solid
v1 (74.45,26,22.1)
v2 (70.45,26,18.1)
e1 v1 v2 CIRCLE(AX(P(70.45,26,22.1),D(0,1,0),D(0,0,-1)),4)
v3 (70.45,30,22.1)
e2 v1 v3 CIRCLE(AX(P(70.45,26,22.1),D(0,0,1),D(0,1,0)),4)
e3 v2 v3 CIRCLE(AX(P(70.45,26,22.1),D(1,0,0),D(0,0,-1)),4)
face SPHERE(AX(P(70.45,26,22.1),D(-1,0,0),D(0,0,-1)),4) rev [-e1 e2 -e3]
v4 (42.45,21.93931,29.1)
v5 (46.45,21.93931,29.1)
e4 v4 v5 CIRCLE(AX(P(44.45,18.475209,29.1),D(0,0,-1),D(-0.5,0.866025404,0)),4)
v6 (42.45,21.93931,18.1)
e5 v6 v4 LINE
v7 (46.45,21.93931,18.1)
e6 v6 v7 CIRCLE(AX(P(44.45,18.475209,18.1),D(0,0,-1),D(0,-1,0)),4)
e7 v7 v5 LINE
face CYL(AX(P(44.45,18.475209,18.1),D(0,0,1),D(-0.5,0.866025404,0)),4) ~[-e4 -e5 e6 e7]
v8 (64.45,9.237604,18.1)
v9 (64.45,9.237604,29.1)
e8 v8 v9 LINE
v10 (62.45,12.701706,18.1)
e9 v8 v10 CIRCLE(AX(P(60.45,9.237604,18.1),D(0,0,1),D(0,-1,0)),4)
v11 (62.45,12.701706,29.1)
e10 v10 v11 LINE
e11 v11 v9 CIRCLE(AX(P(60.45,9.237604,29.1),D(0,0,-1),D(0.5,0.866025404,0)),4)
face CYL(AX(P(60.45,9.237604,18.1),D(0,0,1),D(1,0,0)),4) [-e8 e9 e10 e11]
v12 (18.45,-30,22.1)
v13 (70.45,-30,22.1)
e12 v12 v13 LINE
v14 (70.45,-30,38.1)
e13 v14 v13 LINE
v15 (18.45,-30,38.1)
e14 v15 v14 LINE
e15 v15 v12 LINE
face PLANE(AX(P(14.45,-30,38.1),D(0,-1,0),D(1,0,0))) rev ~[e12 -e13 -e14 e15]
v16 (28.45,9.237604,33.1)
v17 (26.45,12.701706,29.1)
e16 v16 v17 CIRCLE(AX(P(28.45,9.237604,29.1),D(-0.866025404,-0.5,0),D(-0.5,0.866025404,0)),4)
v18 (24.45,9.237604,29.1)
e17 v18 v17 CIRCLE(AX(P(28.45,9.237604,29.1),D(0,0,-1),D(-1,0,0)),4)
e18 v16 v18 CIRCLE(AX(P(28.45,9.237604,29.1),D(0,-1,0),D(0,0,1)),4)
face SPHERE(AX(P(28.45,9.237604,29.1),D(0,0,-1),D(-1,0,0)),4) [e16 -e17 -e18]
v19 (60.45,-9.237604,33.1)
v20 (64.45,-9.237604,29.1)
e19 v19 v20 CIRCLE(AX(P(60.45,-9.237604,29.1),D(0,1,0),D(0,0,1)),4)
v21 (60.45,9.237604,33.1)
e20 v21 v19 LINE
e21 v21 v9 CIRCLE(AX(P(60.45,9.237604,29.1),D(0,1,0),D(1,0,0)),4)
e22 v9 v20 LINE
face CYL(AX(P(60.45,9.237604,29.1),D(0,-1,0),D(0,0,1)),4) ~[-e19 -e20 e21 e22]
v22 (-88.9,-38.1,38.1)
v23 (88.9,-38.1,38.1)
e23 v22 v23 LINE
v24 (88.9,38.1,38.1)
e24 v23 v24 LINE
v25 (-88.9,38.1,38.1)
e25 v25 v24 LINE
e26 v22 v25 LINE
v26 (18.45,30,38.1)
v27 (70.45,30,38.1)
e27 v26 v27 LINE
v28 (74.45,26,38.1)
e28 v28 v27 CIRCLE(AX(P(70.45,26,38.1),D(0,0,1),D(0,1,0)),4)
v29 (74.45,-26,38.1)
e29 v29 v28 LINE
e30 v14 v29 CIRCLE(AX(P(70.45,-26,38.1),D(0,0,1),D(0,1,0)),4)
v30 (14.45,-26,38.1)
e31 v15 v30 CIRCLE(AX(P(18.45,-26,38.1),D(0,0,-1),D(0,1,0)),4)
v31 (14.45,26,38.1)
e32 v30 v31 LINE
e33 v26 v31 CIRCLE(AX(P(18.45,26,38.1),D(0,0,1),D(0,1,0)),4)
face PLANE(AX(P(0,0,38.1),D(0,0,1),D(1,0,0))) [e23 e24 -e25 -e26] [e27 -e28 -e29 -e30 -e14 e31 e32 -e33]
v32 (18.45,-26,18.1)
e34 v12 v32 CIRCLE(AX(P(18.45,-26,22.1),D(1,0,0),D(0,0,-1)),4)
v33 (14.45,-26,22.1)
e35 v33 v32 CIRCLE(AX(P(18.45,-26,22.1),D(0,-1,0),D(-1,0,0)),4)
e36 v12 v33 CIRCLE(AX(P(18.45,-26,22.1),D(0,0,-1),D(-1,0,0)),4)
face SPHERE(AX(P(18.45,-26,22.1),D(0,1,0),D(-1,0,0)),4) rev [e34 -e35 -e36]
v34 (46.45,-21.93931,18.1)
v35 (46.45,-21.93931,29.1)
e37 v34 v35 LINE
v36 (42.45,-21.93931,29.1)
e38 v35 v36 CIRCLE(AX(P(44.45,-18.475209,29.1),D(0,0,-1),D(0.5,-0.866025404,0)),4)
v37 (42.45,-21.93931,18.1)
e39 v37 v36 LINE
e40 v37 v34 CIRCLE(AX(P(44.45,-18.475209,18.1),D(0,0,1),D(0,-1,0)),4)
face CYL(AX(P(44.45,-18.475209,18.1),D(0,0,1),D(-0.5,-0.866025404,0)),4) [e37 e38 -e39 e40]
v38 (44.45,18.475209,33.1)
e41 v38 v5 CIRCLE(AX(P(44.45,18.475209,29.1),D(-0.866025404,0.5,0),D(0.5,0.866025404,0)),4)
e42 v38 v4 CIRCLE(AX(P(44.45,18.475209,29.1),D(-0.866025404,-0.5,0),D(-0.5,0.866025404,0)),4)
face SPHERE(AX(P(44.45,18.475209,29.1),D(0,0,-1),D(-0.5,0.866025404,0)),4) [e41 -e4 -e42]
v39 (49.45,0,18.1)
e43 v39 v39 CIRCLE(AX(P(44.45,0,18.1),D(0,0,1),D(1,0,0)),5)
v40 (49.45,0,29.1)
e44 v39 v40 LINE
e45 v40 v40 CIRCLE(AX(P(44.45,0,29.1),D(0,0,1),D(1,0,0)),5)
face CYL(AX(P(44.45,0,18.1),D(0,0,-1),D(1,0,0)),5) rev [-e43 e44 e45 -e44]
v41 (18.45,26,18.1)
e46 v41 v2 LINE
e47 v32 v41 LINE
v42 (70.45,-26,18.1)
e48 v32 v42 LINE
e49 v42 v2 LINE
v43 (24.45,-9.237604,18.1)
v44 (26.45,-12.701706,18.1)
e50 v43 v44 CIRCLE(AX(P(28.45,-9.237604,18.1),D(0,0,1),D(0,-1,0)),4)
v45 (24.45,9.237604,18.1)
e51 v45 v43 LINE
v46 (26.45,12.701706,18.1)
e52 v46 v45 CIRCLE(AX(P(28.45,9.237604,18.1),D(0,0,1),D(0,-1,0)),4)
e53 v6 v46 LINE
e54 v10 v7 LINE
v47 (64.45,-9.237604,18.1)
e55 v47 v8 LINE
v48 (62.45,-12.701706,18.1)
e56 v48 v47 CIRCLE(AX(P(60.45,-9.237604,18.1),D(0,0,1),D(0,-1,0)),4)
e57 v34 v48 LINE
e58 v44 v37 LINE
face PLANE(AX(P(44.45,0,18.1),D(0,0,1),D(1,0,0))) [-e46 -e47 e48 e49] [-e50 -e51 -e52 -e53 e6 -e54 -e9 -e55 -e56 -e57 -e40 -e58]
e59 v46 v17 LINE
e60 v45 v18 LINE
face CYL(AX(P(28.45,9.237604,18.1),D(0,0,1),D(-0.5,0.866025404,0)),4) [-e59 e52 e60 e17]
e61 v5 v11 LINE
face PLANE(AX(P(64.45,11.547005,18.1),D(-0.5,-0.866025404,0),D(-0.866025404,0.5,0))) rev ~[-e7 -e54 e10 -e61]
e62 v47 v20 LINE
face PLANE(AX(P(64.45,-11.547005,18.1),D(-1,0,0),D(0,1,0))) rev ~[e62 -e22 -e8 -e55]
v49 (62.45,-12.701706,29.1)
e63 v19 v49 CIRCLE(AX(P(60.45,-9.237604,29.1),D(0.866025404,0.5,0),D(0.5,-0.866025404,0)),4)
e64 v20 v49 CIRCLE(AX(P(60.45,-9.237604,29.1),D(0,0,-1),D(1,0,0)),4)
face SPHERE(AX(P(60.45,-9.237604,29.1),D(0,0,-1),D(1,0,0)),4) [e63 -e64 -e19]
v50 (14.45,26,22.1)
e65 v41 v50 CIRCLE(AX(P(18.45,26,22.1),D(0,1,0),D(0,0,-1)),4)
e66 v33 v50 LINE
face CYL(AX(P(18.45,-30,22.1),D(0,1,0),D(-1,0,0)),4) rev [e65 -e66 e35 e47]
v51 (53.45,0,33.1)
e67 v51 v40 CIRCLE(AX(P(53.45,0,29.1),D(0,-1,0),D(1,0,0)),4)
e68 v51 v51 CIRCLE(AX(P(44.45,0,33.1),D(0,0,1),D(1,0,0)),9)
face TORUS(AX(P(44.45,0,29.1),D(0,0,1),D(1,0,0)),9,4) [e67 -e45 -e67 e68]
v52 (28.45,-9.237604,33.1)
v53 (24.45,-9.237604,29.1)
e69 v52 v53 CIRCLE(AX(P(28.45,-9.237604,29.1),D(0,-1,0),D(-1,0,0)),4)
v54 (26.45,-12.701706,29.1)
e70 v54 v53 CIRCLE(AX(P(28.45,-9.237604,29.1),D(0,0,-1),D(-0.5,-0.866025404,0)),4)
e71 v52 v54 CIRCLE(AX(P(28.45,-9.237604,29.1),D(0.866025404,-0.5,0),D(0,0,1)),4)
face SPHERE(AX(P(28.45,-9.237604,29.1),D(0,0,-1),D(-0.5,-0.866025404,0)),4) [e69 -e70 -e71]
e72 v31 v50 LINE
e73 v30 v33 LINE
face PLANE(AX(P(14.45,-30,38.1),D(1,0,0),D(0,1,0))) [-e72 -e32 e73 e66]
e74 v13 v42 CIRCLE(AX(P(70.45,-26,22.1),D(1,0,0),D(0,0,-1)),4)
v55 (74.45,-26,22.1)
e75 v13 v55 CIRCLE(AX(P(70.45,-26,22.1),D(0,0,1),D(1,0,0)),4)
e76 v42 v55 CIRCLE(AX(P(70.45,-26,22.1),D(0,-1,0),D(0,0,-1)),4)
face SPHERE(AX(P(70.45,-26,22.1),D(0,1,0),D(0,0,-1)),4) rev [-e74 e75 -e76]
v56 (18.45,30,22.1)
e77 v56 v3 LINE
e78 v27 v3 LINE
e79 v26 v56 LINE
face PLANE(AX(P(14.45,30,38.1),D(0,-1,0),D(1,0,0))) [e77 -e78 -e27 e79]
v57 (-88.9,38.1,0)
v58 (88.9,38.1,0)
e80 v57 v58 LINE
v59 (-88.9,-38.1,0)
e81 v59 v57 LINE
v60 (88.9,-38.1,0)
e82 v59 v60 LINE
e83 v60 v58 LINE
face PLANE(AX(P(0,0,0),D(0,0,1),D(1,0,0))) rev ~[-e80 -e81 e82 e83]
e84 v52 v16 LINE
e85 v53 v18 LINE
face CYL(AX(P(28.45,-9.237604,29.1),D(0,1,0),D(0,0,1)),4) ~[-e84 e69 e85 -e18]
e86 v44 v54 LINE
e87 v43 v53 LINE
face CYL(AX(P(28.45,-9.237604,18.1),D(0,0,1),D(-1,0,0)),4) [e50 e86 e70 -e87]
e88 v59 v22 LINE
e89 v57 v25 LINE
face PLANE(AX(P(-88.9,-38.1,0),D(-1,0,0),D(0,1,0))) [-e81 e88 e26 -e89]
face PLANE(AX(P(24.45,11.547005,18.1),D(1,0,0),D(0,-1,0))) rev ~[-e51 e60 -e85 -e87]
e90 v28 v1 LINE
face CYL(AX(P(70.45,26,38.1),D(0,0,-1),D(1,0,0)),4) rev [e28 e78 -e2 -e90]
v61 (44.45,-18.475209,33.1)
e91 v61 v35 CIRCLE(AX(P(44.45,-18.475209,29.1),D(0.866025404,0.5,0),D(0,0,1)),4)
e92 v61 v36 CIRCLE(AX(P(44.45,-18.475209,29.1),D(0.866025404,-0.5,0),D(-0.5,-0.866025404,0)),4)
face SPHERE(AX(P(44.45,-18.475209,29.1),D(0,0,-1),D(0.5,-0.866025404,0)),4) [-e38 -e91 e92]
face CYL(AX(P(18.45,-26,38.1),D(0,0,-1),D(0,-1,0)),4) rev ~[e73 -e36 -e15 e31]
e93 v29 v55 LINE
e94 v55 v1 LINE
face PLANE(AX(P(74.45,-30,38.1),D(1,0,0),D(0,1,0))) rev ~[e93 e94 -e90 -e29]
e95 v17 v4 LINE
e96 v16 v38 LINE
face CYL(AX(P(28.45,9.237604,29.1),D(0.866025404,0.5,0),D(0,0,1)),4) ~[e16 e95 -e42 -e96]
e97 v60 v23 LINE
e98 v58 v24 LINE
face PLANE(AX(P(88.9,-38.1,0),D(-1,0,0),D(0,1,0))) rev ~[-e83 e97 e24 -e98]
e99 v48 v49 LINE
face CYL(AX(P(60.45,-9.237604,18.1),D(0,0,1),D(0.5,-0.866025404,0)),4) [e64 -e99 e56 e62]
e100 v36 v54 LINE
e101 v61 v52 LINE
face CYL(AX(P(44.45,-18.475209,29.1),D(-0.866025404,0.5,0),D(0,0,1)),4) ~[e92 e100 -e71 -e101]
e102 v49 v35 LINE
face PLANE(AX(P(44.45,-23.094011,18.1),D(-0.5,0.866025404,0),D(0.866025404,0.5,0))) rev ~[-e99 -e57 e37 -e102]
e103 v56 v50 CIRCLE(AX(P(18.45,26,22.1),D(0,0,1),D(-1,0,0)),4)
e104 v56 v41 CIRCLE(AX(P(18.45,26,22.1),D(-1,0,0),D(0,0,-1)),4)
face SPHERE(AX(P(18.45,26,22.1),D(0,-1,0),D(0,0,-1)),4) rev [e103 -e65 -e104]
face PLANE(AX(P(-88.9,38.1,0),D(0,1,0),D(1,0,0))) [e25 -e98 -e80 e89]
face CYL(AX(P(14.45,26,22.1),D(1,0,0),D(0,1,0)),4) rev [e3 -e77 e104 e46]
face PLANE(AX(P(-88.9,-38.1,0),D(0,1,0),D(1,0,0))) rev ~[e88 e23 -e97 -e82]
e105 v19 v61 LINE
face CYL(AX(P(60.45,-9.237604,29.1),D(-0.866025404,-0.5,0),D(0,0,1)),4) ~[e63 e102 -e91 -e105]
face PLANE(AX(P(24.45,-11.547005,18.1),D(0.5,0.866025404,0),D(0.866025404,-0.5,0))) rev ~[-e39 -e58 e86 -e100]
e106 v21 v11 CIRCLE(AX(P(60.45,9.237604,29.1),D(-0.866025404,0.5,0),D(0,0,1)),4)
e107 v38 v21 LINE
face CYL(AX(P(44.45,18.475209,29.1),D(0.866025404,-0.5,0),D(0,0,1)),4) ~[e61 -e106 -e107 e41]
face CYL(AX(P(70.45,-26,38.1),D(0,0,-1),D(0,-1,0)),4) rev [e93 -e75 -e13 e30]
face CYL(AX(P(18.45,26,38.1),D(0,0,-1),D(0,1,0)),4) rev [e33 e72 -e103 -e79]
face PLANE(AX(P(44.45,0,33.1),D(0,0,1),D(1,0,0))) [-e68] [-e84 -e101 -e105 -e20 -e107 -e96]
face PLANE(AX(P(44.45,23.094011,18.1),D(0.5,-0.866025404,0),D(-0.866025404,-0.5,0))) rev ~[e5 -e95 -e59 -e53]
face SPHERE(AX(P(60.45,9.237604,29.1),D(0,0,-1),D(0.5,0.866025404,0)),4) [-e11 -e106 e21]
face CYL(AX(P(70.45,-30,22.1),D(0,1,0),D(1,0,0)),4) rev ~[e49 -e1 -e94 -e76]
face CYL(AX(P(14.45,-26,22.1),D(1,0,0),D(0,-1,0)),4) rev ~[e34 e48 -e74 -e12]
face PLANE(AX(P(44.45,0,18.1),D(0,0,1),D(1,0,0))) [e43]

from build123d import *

# Parameters (mm, degrees)
CROQUIS1_W              = 177.8
CROQUIS1_H              = 76.2
SALIENTE_EXTRUIR1_DEPTH = 38.1
CROQUIS2_W              = 60
CROQUIS2_H              = 60
CORTAR_EXTRUIR1_DEPTH   = 20
CROQUIS3_R              = 5
SALIENTE_EXTRUIR2_DEPTH = 15
REDONDEO1_R             = 4
REDONDEO3_R             = 4
REDONDEO4_R             = 4
REDONDEO5_R             = 4


with BuildPart() as part:
    # Croquis1 → Saliente-Extruir1 (new body)
    with BuildSketch(Plane.XY):
        Rectangle(CROQUIS1_W, CROQUIS1_H)
    extrude(amount=SALIENTE_EXTRUIR1_DEPTH)

    # Croquis2 → Cortar-Extruir1 (cut)
    with BuildSketch(Plane.XY.offset(38.1)):
        with Locations((44.45, 0)):
            Rectangle(CROQUIS2_W, CROQUIS2_H)
    extrude(amount=-CORTAR_EXTRUIR1_DEPTH, mode=Mode.SUBTRACT)

    # Croquis3 → Saliente-Extruir2 (add)
    with BuildSketch(Plane.XY.offset(18.1)):
        Polygon((44.45, 23.094010768), (24.45, 11.547005384), (24.45, -11.547005384), (44.45, -23.094010768), (64.45, -11.547005384), (64.45, 11.547005384), align=None)
        with Locations((44.45, 0)):
            Circle(CROQUIS3_R, mode=Mode.SUBTRACT)
    extrude(amount=SALIENTE_EXTRUIR2_DEPTH)

    # Redondeo1
    redondeo1_edges = [part.edges().sort_by_distance(p)[0] for p in [
        (14.45, 0, 18.1),
        (14.45, -30, 28.1),
        (44.45, 30, 18.1),
        (14.45, 30, 28.1),
        (74.45, 0, 18.1),
        (74.45, 30, 28.1),
        (44.45, -30, 18.1),
        (74.45, -30, 28.1),
    ]]
    fillet(redondeo1_edges, radius=REDONDEO1_R)

    # Redondeo3
    redondeo3_edges = [part.edges().sort_by_distance(p)[0] for p in [
        (64.45, 11.547005384, 25.6),
        (44.45, 23.094010768, 25.6),
        (24.45, 11.547005384, 25.6),
        (24.45, -11.547005384, 25.6),
        (44.45, -23.094010768, 25.6),
        (64.45, -11.547005384, 25.6),
    ]]
    fillet(redondeo3_edges, radius=REDONDEO3_R)

    # Redondeo4
    redondeo4_edges = [part.edges().sort_by_distance(p)[0] for p in [
        (39.45, 0, 33.1),
    ]]
    fillet(redondeo4_edges, radius=REDONDEO4_R)

    # Redondeo5
    redondeo5_edges = [part.edges().sort_by_distance(p)[0] for p in [
        (44.45, 22.475208614, 33.1),
        (24.985898385, 11.237604307, 33.1),
        (24.985898385, -11.237604307, 33.1),
        (44.45, -22.475208614, 33.1),
        (63.914101615, -11.237604307, 33.1),
        (63.914101615, 11.237604307, 33.1),
        (54.45, 17.320508076, 33.1),
        (64.45, 0, 33.1),
        (34.45, 17.320508076, 33.1),
        (24.45, 0, 33.1),
        (34.45, -17.320508076, 33.1),
        (54.45, -17.320508076, 33.1),
    ]]
    fillet(redondeo5_edges, radius=REDONDEO5_R)


solid = part.part
